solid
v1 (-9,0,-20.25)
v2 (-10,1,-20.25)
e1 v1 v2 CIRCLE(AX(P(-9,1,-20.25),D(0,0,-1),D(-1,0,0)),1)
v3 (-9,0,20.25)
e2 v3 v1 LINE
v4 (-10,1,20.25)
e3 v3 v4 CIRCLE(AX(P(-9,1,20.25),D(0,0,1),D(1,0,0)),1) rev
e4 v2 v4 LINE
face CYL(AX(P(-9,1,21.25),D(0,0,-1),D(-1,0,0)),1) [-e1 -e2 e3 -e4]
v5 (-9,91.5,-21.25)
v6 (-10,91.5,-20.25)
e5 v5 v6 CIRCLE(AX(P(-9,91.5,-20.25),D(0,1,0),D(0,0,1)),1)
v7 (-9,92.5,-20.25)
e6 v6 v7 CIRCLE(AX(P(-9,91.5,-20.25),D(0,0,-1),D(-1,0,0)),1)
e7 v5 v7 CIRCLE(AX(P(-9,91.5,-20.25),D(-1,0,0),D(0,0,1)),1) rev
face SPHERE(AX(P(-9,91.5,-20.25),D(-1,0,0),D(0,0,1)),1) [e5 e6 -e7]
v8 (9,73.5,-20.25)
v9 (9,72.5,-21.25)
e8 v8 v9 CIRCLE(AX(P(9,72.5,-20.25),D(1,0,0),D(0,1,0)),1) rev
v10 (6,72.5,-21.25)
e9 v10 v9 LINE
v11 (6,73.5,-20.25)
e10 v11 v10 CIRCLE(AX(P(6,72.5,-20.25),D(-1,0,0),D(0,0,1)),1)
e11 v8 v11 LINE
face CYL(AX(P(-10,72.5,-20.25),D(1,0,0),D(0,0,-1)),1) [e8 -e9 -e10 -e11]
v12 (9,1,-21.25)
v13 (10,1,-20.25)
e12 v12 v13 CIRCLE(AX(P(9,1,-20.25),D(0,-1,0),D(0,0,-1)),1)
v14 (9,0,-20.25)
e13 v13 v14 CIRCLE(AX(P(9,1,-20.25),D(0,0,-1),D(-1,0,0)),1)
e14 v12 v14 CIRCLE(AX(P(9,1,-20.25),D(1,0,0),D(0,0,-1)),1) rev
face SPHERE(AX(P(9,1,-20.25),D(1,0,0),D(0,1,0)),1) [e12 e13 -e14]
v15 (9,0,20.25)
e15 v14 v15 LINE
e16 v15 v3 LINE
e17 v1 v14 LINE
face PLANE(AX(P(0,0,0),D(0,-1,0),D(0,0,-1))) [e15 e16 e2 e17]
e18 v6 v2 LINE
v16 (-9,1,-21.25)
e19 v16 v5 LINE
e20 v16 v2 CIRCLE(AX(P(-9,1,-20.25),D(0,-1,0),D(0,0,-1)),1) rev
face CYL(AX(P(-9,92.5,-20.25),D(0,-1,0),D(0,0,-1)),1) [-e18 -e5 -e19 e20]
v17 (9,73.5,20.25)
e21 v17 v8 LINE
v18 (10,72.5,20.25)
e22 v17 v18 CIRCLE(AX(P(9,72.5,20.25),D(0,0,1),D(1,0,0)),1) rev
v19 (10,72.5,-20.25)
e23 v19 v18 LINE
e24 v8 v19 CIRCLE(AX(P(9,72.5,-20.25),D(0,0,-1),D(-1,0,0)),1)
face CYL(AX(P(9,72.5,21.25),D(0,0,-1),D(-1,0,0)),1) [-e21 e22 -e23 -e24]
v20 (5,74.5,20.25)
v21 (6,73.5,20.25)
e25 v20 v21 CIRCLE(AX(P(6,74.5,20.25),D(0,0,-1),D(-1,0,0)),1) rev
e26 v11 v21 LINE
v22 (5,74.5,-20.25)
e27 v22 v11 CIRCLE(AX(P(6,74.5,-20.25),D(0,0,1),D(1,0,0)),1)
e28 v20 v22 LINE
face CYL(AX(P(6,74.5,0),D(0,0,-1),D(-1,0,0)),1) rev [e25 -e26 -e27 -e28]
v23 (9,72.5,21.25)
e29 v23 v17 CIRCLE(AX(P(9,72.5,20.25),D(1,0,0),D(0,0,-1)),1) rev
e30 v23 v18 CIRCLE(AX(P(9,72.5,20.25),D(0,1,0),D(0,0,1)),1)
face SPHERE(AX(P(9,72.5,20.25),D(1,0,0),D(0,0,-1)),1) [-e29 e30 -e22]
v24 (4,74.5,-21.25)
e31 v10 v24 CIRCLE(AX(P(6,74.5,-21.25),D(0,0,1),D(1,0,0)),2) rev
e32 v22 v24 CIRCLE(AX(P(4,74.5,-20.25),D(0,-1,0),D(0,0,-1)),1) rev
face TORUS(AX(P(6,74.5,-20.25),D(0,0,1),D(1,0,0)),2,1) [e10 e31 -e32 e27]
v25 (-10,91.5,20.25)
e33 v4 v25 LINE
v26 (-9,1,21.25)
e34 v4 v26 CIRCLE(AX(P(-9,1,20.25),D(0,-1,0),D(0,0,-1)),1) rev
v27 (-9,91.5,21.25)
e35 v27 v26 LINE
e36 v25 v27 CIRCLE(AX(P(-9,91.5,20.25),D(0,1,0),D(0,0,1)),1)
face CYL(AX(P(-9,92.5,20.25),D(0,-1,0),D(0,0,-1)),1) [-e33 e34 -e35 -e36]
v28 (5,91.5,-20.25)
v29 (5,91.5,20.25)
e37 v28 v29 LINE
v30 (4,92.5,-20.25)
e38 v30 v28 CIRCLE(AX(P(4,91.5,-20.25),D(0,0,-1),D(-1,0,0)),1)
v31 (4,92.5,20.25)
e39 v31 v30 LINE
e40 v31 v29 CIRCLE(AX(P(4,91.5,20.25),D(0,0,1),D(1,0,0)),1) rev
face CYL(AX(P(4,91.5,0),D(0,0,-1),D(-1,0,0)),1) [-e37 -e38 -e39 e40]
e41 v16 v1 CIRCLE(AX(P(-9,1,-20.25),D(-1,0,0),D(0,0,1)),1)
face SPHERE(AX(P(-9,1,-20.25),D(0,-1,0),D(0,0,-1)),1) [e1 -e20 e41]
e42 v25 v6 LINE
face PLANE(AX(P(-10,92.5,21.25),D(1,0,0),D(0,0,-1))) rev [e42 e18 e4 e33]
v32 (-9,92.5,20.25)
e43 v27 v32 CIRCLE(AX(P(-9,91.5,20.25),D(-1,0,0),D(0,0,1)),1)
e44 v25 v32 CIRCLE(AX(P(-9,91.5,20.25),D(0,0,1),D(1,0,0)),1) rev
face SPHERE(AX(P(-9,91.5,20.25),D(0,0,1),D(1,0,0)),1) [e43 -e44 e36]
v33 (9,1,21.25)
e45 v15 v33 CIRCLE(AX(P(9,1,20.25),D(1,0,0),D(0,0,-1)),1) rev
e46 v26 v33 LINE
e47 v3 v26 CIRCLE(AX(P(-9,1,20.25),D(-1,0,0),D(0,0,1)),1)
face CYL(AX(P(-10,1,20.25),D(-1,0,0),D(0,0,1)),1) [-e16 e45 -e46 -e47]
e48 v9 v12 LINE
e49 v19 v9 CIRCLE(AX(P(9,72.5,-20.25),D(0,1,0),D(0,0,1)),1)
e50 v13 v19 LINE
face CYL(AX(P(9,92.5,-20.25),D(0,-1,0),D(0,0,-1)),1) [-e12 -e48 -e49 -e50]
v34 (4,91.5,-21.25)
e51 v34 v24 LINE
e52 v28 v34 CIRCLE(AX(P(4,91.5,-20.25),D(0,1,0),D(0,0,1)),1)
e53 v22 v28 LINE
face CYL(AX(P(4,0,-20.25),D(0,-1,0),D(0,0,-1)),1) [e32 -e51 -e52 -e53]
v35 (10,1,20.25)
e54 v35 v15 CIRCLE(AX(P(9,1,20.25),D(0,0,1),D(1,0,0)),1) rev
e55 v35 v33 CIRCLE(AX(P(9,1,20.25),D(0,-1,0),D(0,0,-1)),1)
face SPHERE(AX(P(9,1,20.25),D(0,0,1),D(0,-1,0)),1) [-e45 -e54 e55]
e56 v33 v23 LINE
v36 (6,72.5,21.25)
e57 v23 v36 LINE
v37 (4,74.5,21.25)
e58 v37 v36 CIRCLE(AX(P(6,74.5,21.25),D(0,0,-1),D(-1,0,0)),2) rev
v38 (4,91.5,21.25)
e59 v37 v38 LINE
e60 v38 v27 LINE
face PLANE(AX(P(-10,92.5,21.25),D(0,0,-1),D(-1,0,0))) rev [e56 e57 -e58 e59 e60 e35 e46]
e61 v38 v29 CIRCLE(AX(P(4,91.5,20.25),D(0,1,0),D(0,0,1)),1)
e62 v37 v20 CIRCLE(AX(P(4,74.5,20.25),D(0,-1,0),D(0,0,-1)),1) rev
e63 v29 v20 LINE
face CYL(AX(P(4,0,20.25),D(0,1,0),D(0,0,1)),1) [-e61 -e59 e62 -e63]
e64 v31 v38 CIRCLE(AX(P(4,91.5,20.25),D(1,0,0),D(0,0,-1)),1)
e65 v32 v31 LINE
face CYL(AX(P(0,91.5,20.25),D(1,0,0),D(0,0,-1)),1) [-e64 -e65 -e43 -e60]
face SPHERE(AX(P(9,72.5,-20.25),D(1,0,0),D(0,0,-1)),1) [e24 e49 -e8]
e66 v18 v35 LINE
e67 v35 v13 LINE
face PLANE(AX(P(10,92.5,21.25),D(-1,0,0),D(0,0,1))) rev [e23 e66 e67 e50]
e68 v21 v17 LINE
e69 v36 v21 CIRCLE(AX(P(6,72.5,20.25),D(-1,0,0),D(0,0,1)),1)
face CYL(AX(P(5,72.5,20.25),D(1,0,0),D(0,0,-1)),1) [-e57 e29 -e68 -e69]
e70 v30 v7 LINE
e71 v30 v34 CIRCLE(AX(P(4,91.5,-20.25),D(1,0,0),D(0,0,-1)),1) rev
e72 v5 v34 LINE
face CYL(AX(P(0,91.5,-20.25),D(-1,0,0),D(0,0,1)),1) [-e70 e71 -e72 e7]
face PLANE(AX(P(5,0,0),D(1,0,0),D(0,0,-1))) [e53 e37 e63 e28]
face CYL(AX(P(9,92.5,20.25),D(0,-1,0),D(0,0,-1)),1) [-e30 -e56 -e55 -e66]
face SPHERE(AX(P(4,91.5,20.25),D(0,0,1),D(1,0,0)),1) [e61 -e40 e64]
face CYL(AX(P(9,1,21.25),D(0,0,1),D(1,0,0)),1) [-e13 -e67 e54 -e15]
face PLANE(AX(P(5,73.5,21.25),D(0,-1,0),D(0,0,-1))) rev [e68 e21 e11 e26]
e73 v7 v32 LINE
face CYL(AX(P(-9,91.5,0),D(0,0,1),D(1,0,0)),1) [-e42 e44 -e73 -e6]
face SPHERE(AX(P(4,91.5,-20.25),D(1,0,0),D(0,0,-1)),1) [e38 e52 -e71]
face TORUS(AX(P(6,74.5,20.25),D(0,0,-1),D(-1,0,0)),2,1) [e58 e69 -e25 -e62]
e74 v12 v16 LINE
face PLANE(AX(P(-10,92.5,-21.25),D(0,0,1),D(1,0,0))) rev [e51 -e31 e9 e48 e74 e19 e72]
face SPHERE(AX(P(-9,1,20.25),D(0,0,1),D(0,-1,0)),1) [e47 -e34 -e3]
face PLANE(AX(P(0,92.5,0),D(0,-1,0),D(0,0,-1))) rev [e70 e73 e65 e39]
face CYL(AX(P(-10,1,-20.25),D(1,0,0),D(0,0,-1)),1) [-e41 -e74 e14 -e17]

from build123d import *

# Parameters (mm, degrees)
SKETCH_1_W          = 20
SKETCH_1_H          = 42.5
EXTRUDE_1_DEPTH     = 92.5
SKETCH_3_W          = 42.5
SKETCH_3_H          = 19
CUT_EXTRUDE_1_DEPTH = 5
FILLET_1_R          = 1


with BuildPart() as part:
    # 草图1 → 凸台-拉伸1 (new body)
    with BuildSketch(Plane(origin=(0, 0, 0), x_dir=(1, 0, 0), z_dir=(0, 1, 0))):
        Rectangle(SKETCH_1_W, SKETCH_1_H)
    extrude(amount=EXTRUDE_1_DEPTH)

    # 草图3 → 切除-拉伸1 (cut)
    with BuildSketch(Plane(origin=(10, 0, 0), x_dir=(0, 0, -1), z_dir=(1, 0, 0))):
        with Locations((0, 83)):
            Rectangle(SKETCH_3_W, SKETCH_3_H)
    extrude(amount=-CUT_EXTRUDE_1_DEPTH, mode=Mode.SUBTRACT)

    # 圆角1
    fillet_1_edges = [part.edges().sort_by_distance(p)[0] for p in [
        (-10, 92.5, 0),
        (-2.5, 92.5, -21.25),
        (10, 36.75, 21.25),
        (-2.5, 92.5, 21.25),
        (10, 36.75, -21.25),
        (5, 83, 21.25),
        (7.5, 73.5, 21.25),
        (5, 92.5, 0),
        (5, 83, -21.25),
        (5, 73.5, 0),
        (7.5, 73.5, -21.25),
        (10, 73.5, 0),
        (0, 0, 21.25),
        (-10, 0, 0),
        (0, 0, -21.25),
        (10, 0, 0),
        (-10, 46.25, 21.25),
        (-10, 46.25, -21.25),
    ]]
    fillet(fillet_1_edges, radius=FILLET_1_R)


solid = part.part
